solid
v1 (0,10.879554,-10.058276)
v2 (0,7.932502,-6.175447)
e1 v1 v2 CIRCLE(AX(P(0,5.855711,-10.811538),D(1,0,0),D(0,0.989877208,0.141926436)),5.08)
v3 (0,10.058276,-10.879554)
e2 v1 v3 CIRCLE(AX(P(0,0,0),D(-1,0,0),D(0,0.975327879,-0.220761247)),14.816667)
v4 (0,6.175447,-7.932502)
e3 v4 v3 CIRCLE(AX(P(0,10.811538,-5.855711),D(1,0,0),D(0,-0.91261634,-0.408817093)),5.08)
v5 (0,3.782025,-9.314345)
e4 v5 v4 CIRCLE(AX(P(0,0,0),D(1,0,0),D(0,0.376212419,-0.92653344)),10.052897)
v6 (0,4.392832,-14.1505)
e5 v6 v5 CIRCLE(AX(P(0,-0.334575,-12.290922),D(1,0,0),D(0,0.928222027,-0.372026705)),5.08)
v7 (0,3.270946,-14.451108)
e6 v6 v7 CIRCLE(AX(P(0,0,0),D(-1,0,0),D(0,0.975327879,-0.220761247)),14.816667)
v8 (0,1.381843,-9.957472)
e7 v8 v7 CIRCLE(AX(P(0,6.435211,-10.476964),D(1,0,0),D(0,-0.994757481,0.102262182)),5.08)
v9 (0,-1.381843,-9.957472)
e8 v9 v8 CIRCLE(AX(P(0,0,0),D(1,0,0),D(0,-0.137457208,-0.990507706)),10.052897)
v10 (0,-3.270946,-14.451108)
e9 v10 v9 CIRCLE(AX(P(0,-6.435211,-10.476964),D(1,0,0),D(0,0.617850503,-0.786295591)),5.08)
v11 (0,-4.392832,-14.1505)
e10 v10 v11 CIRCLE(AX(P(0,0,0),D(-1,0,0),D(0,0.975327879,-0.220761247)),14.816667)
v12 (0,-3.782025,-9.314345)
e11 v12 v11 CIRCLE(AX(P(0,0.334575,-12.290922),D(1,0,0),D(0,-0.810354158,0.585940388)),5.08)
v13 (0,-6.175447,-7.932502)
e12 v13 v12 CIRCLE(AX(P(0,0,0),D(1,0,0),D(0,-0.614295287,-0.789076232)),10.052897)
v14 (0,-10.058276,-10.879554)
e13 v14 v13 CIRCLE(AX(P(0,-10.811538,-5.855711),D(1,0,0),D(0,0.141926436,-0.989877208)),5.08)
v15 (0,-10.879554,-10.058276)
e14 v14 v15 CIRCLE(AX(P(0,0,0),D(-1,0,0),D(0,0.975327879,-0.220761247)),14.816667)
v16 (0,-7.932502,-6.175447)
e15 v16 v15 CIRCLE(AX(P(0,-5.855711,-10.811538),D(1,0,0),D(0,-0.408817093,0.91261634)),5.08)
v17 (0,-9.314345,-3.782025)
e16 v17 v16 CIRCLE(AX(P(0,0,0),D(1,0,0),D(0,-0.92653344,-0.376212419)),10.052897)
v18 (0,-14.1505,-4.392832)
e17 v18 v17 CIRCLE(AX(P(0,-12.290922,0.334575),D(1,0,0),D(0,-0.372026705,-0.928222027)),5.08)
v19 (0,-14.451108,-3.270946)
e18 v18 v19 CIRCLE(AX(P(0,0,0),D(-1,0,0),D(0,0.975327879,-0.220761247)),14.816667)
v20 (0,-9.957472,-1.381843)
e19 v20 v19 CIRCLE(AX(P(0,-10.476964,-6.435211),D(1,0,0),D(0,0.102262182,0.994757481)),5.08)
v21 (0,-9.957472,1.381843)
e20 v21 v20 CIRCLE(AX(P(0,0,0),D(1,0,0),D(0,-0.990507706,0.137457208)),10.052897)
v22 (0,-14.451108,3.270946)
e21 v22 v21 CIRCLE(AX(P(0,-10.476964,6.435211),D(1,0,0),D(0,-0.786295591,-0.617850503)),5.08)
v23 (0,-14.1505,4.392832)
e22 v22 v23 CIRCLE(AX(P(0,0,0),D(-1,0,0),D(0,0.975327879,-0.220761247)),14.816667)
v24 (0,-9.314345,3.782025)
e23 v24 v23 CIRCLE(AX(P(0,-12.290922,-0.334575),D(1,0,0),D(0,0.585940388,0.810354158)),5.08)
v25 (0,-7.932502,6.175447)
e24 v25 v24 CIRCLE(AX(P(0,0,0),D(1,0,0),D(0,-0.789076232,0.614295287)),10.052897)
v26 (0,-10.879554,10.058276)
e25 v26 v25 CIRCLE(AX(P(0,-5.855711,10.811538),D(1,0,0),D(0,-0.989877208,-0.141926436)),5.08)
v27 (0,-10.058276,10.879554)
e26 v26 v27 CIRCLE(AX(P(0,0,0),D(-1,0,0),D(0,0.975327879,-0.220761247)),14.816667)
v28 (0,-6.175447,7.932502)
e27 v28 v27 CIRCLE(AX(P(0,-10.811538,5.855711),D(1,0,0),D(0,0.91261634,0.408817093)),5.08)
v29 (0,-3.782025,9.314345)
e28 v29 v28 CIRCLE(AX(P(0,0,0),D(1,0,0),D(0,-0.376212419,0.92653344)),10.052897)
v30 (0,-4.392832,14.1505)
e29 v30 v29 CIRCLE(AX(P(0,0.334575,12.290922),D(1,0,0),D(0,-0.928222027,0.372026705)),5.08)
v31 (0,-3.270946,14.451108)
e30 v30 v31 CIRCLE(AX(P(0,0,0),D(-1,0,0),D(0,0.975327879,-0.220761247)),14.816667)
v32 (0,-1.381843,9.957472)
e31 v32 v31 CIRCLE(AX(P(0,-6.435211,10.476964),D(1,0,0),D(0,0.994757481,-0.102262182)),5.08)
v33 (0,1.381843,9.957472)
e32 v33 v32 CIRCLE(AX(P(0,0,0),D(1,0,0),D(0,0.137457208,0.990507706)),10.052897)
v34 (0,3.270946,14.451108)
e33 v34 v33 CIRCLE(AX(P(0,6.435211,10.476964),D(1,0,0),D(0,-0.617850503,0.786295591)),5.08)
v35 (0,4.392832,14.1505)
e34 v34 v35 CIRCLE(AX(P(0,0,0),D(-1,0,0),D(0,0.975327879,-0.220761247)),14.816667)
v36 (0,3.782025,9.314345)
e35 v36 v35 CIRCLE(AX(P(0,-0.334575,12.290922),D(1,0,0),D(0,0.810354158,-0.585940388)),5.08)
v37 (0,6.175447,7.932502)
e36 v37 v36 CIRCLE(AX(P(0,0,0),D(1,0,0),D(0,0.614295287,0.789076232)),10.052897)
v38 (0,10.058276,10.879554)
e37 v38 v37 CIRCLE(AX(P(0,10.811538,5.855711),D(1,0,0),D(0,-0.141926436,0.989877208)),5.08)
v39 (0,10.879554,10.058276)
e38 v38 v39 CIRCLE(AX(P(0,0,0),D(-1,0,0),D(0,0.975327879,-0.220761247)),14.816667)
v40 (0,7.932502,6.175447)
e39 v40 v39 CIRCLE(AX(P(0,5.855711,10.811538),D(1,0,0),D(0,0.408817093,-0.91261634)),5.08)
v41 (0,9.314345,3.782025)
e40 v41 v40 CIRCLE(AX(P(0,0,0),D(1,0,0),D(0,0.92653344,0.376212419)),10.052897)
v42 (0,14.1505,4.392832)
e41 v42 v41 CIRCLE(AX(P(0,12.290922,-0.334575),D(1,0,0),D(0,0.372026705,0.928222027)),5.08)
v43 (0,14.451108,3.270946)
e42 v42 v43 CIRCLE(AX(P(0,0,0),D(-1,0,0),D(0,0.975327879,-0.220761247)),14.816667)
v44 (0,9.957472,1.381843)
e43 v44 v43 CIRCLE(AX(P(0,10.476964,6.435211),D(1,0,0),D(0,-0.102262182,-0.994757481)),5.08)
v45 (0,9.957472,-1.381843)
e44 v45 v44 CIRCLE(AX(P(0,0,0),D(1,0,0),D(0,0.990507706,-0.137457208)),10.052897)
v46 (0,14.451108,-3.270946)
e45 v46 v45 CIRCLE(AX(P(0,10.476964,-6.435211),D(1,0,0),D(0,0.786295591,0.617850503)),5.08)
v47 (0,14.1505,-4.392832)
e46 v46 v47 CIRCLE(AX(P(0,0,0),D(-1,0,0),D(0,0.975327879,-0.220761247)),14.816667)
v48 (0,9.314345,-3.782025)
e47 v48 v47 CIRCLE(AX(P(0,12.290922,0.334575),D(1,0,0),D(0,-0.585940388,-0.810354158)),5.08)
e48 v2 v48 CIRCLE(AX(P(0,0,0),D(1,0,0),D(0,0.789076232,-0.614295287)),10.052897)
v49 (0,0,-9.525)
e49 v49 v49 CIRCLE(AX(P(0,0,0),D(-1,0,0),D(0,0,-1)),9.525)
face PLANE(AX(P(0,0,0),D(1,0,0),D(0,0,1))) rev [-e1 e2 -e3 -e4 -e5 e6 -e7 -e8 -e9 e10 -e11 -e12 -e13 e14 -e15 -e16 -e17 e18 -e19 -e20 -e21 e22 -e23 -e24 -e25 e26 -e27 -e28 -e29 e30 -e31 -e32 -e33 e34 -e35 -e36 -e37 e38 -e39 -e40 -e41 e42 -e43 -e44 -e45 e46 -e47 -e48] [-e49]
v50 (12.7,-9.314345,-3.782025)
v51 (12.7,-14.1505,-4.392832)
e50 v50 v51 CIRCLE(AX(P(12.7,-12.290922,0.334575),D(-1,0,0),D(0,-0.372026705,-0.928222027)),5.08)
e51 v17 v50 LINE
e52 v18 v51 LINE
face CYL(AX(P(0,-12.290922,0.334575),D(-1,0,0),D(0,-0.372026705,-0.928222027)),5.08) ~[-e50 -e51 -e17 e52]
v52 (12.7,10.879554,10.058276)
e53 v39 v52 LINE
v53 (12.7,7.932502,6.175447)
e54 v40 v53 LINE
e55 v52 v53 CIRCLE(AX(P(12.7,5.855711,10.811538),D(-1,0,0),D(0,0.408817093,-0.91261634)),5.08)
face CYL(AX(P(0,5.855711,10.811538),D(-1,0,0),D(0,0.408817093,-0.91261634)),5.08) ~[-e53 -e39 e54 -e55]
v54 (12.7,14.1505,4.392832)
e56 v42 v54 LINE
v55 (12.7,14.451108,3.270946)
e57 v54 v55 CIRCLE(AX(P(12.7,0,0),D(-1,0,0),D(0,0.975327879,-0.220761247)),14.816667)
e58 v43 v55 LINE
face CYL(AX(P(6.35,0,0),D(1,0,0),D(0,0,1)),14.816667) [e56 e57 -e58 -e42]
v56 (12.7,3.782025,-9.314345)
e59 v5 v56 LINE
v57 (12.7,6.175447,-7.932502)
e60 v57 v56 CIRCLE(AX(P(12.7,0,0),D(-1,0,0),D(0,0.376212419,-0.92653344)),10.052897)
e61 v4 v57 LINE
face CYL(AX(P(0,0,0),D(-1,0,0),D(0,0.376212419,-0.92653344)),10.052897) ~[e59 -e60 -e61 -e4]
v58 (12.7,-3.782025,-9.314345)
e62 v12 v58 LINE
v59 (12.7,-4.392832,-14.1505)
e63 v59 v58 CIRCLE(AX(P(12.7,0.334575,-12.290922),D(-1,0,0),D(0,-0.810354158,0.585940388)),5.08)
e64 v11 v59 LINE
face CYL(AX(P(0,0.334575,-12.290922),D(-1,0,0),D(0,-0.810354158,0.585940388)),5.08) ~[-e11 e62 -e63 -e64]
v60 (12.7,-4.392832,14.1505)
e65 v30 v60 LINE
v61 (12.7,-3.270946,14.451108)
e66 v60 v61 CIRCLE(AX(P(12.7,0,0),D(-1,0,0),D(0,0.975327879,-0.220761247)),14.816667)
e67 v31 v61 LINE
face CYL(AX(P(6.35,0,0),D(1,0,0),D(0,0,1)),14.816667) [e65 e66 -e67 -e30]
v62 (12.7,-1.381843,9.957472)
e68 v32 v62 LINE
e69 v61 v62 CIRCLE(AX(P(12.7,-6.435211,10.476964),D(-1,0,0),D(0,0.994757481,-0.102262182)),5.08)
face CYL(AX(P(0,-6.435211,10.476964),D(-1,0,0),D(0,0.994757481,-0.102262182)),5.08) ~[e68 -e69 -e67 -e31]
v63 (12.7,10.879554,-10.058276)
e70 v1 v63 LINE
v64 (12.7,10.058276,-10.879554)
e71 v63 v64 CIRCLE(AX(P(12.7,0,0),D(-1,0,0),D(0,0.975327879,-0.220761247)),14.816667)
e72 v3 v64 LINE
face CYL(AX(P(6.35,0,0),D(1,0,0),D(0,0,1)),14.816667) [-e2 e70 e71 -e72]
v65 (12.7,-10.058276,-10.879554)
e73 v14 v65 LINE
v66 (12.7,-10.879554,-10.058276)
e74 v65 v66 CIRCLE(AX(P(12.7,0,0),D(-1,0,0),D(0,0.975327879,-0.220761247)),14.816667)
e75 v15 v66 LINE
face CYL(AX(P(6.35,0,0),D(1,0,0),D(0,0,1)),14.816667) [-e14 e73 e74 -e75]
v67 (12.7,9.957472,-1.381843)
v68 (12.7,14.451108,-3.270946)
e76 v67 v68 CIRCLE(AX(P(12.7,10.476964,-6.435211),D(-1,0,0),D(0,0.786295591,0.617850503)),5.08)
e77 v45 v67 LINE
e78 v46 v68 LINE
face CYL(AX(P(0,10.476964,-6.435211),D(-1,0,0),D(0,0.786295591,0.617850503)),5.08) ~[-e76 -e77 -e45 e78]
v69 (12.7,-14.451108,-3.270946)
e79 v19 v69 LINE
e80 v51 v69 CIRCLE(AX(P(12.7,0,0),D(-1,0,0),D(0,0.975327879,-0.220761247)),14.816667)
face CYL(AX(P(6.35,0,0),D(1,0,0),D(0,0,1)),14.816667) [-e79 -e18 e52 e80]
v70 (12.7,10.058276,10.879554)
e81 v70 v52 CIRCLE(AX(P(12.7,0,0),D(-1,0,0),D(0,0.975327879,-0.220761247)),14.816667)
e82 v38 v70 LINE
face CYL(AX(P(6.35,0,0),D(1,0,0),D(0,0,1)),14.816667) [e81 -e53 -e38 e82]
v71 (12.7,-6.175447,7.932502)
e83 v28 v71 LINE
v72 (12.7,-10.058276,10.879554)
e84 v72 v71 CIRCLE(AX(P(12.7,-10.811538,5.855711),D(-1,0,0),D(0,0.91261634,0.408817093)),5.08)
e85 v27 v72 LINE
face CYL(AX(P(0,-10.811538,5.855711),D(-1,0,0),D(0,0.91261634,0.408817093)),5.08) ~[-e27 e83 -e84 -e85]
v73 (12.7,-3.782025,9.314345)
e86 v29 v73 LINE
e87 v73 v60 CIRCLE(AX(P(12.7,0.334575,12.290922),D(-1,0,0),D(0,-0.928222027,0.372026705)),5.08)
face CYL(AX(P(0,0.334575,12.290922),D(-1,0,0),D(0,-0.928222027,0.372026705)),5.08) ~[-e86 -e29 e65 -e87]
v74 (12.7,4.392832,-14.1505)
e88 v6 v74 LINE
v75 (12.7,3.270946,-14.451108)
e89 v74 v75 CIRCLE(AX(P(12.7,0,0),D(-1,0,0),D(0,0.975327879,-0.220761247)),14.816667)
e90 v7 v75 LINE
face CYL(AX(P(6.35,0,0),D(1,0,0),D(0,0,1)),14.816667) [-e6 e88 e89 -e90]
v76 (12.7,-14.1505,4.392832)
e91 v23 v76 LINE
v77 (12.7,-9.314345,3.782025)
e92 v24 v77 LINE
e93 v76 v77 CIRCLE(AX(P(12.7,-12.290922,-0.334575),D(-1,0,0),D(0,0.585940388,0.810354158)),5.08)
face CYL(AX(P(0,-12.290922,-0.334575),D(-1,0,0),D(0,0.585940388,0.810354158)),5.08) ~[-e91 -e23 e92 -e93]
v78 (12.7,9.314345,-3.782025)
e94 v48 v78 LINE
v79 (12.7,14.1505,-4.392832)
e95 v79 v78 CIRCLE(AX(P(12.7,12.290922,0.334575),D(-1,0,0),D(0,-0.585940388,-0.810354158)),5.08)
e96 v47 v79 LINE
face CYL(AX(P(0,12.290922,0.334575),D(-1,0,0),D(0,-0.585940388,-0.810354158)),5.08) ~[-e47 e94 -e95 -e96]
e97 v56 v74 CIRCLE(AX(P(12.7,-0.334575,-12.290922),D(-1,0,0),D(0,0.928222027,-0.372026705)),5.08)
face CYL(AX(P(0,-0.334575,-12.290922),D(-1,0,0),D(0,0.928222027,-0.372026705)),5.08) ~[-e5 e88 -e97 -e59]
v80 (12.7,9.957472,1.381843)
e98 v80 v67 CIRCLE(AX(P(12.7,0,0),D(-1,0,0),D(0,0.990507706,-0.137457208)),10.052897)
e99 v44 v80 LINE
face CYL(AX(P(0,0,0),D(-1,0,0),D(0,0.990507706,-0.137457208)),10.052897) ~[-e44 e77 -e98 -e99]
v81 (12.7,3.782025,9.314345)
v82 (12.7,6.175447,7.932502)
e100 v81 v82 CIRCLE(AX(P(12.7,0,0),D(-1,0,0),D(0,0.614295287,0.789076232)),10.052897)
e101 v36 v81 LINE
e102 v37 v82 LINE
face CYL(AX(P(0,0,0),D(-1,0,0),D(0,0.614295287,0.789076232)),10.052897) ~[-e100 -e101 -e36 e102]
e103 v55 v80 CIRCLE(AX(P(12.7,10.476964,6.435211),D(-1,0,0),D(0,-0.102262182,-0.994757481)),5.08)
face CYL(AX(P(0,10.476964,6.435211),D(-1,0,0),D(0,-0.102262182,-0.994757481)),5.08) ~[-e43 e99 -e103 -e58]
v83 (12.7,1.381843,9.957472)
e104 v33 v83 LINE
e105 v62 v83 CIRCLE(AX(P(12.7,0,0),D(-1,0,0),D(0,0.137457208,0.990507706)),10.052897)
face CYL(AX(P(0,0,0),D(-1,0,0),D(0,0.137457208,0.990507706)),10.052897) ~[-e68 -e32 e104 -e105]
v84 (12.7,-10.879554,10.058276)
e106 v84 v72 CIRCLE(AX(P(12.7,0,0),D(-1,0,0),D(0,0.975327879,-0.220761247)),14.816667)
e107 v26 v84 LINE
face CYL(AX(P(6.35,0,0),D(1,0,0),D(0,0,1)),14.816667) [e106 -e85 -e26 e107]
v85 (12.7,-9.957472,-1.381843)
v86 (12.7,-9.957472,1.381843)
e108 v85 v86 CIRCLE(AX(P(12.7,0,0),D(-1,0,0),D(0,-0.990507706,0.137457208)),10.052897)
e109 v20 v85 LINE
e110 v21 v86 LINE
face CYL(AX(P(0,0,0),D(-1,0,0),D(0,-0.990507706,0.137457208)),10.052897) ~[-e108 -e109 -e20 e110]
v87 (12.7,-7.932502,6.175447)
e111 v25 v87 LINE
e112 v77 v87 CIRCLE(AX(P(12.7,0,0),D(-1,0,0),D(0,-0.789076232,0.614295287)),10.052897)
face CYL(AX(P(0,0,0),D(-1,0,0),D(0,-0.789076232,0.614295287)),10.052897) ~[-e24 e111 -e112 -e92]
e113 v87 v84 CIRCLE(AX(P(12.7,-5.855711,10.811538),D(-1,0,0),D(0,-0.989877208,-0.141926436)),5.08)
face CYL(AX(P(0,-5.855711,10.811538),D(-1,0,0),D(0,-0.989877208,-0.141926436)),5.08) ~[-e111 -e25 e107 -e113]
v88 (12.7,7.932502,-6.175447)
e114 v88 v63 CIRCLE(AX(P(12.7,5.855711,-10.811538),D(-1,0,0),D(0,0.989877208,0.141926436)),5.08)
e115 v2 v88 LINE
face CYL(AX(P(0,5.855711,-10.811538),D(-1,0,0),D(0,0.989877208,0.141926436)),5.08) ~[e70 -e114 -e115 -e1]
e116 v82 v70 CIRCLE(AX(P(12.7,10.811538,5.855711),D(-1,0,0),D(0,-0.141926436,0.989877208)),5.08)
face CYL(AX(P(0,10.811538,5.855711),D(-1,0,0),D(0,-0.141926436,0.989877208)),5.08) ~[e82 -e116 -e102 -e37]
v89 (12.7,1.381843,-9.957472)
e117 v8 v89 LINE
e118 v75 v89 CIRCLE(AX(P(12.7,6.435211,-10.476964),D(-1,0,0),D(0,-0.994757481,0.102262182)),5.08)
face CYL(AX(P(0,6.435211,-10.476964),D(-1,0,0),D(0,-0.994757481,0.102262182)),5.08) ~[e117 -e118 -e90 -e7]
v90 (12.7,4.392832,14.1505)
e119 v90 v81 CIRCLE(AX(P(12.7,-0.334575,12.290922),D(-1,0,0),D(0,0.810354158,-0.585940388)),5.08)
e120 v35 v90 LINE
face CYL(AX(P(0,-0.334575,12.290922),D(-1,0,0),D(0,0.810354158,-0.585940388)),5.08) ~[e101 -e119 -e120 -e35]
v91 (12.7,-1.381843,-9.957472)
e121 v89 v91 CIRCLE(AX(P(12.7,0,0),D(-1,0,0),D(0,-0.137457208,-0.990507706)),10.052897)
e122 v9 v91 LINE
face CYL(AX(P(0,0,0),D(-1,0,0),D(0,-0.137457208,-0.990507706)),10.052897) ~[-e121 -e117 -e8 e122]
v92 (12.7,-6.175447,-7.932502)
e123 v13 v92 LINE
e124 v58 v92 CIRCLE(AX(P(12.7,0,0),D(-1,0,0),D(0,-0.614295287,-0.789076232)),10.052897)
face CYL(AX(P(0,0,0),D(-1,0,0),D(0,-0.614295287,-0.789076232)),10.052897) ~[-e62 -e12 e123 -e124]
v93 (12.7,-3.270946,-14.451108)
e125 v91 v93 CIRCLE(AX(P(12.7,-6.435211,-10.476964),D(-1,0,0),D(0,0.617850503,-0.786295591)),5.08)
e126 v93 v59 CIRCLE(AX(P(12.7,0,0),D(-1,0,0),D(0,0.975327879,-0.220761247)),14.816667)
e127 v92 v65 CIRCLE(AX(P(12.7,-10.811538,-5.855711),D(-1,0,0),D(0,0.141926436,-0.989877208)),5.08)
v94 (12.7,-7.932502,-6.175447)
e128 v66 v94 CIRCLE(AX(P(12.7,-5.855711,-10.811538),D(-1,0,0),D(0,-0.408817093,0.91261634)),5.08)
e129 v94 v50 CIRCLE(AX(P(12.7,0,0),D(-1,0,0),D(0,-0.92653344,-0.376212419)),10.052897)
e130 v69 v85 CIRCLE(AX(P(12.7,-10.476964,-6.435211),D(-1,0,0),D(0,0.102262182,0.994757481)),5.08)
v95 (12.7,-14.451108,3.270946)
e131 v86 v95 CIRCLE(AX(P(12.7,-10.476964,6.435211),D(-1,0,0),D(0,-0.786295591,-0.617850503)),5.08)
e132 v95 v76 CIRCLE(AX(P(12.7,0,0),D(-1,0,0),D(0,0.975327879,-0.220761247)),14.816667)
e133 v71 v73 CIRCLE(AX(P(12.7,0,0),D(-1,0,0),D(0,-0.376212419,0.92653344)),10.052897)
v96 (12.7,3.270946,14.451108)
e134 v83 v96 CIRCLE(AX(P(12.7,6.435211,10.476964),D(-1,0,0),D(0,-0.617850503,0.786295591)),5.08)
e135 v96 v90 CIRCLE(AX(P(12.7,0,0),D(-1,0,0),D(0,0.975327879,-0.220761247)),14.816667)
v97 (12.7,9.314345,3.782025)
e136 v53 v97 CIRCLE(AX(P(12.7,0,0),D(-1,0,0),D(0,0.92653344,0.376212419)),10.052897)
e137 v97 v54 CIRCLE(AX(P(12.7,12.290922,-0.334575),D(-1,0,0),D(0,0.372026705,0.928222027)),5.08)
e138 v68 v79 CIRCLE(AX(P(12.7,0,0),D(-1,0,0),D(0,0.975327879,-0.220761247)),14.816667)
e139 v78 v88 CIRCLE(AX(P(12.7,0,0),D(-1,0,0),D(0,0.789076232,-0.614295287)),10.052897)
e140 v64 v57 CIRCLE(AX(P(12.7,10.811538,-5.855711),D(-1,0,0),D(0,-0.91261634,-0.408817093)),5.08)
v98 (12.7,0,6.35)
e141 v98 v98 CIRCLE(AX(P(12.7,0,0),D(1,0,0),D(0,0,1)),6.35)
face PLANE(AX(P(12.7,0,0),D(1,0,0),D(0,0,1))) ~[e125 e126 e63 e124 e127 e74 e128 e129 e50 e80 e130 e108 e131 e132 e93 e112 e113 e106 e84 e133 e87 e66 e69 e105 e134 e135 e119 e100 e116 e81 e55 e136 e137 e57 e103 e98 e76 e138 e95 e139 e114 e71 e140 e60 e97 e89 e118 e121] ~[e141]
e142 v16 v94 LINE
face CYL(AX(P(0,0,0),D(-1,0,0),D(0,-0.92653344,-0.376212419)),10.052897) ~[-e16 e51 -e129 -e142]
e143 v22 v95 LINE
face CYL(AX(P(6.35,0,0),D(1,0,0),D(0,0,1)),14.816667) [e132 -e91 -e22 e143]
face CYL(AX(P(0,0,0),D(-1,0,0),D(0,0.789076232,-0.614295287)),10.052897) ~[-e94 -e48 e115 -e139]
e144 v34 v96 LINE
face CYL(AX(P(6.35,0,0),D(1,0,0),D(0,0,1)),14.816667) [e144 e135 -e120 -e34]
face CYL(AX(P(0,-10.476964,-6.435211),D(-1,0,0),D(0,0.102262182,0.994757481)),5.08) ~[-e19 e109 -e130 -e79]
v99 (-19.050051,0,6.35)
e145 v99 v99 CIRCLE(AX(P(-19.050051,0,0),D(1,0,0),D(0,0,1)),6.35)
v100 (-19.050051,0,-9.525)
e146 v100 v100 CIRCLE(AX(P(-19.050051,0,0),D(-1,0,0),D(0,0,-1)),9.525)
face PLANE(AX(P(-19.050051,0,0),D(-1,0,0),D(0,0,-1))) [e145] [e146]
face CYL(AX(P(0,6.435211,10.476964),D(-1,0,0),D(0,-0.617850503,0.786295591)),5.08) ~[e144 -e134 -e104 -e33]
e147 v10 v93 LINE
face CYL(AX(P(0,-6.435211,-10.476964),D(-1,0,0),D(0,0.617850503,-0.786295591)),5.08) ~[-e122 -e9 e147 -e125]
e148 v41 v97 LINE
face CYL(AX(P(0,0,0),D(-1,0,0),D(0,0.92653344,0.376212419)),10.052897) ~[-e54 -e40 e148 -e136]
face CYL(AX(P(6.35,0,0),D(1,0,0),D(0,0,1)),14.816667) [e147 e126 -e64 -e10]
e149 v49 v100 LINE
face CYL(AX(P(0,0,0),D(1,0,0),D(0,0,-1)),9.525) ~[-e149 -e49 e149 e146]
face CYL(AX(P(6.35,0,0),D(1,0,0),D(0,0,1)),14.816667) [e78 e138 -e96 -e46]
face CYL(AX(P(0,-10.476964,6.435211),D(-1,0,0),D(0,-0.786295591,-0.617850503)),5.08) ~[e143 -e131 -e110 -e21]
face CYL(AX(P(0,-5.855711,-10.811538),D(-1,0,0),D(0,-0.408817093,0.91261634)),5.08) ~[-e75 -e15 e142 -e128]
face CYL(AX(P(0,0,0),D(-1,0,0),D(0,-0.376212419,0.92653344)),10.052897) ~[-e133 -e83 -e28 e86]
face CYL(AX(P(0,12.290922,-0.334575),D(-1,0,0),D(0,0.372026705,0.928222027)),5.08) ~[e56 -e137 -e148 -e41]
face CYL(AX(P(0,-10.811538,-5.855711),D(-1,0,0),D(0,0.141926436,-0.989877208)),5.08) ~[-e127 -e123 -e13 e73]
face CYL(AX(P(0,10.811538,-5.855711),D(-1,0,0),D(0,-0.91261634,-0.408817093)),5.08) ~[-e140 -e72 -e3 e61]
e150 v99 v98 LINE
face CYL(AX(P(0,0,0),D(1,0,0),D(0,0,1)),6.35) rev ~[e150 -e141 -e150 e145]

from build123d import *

# Parameters (mm, degrees)
BASPROSKE_W      = 12.7
BASPROSKE_H      = 14.816666667
TOOTHCUT_DEPTH   = 25.502188111
TEETHCUTS_COUNT  = 12
TEETHCUTS_ANGLE  = 330
HUBNEAONESKE_R   = 9.525
HUBNEARONE_DEPTH = 19.0500508
BORSKE_R         = 6.35
BORE_DEPTH       = 31.7500508


with BuildPart() as part:
    # BasProSke → Base-Revolve (revolve)
    with BuildSketch(Plane(origin=(0, 0, 0), x_dir=(1, 0, 0), z_dir=(0, 1, 0))):
        with Locations((6.35, 7.408333334)):
            Rectangle(BASPROSKE_W, BASPROSKE_H)
    revolve(axis=Axis((-10, 0, 0), (1, 0, 0)))

    # TooCutSke → ToothCut (cut, through all)
    with BuildSketch(Plane(origin=(0, 0, 0), x_dir=(0, 0, -1), z_dir=(1, 0, 0))):
        with BuildLine():
            ThreePointArc((1.381843105, 9.957471618), (0, 10.052896667), (-1.381843105, 9.957471618))
            ThreePointArc((-1.381843105, 9.957471618), (-1.758547944, 12.460702813), (-3.296530556, 14.471345108))
            ThreePointArc((-3.296530556, 14.471345108), (0, 14.842066667), (3.296530556, 14.471345108))
            ThreePointArc((3.296530556, 14.471345108), (1.758547944, 12.460702813), (1.381843105, 9.957471618))
        make_face()
    toothcut = extrude(amount=TOOTHCUT_DEPTH, mode=Mode.SUBTRACT)

    # TeethCuts: ToothCut ×12 about axis
    teethcuts_axis = Axis((-10, 0, 0), (1, 0, 0))
    for i in range(1, TEETHCUTS_COUNT):
        add(toothcut.rotate(teethcuts_axis, i * TEETHCUTS_ANGLE / (TEETHCUTS_COUNT - 1)), mode=Mode.SUBTRACT)

    # HubNeaOneSke → HubNearOne (add)
    with BuildSketch(Plane.ZY):
        Circle(HUBNEAONESKE_R)
    extrude(amount=HUBNEARONE_DEPTH)

    # BorSke → Bore (cut, symmetric)
    with BuildSketch(Plane(origin=(0, 0, 0), x_dir=(0, 0, -1), z_dir=(1, 0, 0))):
        Circle(BORSKE_R)
    extrude(amount=BORE_DEPTH, both=True, mode=Mode.SUBTRACT)


solid = part.part
